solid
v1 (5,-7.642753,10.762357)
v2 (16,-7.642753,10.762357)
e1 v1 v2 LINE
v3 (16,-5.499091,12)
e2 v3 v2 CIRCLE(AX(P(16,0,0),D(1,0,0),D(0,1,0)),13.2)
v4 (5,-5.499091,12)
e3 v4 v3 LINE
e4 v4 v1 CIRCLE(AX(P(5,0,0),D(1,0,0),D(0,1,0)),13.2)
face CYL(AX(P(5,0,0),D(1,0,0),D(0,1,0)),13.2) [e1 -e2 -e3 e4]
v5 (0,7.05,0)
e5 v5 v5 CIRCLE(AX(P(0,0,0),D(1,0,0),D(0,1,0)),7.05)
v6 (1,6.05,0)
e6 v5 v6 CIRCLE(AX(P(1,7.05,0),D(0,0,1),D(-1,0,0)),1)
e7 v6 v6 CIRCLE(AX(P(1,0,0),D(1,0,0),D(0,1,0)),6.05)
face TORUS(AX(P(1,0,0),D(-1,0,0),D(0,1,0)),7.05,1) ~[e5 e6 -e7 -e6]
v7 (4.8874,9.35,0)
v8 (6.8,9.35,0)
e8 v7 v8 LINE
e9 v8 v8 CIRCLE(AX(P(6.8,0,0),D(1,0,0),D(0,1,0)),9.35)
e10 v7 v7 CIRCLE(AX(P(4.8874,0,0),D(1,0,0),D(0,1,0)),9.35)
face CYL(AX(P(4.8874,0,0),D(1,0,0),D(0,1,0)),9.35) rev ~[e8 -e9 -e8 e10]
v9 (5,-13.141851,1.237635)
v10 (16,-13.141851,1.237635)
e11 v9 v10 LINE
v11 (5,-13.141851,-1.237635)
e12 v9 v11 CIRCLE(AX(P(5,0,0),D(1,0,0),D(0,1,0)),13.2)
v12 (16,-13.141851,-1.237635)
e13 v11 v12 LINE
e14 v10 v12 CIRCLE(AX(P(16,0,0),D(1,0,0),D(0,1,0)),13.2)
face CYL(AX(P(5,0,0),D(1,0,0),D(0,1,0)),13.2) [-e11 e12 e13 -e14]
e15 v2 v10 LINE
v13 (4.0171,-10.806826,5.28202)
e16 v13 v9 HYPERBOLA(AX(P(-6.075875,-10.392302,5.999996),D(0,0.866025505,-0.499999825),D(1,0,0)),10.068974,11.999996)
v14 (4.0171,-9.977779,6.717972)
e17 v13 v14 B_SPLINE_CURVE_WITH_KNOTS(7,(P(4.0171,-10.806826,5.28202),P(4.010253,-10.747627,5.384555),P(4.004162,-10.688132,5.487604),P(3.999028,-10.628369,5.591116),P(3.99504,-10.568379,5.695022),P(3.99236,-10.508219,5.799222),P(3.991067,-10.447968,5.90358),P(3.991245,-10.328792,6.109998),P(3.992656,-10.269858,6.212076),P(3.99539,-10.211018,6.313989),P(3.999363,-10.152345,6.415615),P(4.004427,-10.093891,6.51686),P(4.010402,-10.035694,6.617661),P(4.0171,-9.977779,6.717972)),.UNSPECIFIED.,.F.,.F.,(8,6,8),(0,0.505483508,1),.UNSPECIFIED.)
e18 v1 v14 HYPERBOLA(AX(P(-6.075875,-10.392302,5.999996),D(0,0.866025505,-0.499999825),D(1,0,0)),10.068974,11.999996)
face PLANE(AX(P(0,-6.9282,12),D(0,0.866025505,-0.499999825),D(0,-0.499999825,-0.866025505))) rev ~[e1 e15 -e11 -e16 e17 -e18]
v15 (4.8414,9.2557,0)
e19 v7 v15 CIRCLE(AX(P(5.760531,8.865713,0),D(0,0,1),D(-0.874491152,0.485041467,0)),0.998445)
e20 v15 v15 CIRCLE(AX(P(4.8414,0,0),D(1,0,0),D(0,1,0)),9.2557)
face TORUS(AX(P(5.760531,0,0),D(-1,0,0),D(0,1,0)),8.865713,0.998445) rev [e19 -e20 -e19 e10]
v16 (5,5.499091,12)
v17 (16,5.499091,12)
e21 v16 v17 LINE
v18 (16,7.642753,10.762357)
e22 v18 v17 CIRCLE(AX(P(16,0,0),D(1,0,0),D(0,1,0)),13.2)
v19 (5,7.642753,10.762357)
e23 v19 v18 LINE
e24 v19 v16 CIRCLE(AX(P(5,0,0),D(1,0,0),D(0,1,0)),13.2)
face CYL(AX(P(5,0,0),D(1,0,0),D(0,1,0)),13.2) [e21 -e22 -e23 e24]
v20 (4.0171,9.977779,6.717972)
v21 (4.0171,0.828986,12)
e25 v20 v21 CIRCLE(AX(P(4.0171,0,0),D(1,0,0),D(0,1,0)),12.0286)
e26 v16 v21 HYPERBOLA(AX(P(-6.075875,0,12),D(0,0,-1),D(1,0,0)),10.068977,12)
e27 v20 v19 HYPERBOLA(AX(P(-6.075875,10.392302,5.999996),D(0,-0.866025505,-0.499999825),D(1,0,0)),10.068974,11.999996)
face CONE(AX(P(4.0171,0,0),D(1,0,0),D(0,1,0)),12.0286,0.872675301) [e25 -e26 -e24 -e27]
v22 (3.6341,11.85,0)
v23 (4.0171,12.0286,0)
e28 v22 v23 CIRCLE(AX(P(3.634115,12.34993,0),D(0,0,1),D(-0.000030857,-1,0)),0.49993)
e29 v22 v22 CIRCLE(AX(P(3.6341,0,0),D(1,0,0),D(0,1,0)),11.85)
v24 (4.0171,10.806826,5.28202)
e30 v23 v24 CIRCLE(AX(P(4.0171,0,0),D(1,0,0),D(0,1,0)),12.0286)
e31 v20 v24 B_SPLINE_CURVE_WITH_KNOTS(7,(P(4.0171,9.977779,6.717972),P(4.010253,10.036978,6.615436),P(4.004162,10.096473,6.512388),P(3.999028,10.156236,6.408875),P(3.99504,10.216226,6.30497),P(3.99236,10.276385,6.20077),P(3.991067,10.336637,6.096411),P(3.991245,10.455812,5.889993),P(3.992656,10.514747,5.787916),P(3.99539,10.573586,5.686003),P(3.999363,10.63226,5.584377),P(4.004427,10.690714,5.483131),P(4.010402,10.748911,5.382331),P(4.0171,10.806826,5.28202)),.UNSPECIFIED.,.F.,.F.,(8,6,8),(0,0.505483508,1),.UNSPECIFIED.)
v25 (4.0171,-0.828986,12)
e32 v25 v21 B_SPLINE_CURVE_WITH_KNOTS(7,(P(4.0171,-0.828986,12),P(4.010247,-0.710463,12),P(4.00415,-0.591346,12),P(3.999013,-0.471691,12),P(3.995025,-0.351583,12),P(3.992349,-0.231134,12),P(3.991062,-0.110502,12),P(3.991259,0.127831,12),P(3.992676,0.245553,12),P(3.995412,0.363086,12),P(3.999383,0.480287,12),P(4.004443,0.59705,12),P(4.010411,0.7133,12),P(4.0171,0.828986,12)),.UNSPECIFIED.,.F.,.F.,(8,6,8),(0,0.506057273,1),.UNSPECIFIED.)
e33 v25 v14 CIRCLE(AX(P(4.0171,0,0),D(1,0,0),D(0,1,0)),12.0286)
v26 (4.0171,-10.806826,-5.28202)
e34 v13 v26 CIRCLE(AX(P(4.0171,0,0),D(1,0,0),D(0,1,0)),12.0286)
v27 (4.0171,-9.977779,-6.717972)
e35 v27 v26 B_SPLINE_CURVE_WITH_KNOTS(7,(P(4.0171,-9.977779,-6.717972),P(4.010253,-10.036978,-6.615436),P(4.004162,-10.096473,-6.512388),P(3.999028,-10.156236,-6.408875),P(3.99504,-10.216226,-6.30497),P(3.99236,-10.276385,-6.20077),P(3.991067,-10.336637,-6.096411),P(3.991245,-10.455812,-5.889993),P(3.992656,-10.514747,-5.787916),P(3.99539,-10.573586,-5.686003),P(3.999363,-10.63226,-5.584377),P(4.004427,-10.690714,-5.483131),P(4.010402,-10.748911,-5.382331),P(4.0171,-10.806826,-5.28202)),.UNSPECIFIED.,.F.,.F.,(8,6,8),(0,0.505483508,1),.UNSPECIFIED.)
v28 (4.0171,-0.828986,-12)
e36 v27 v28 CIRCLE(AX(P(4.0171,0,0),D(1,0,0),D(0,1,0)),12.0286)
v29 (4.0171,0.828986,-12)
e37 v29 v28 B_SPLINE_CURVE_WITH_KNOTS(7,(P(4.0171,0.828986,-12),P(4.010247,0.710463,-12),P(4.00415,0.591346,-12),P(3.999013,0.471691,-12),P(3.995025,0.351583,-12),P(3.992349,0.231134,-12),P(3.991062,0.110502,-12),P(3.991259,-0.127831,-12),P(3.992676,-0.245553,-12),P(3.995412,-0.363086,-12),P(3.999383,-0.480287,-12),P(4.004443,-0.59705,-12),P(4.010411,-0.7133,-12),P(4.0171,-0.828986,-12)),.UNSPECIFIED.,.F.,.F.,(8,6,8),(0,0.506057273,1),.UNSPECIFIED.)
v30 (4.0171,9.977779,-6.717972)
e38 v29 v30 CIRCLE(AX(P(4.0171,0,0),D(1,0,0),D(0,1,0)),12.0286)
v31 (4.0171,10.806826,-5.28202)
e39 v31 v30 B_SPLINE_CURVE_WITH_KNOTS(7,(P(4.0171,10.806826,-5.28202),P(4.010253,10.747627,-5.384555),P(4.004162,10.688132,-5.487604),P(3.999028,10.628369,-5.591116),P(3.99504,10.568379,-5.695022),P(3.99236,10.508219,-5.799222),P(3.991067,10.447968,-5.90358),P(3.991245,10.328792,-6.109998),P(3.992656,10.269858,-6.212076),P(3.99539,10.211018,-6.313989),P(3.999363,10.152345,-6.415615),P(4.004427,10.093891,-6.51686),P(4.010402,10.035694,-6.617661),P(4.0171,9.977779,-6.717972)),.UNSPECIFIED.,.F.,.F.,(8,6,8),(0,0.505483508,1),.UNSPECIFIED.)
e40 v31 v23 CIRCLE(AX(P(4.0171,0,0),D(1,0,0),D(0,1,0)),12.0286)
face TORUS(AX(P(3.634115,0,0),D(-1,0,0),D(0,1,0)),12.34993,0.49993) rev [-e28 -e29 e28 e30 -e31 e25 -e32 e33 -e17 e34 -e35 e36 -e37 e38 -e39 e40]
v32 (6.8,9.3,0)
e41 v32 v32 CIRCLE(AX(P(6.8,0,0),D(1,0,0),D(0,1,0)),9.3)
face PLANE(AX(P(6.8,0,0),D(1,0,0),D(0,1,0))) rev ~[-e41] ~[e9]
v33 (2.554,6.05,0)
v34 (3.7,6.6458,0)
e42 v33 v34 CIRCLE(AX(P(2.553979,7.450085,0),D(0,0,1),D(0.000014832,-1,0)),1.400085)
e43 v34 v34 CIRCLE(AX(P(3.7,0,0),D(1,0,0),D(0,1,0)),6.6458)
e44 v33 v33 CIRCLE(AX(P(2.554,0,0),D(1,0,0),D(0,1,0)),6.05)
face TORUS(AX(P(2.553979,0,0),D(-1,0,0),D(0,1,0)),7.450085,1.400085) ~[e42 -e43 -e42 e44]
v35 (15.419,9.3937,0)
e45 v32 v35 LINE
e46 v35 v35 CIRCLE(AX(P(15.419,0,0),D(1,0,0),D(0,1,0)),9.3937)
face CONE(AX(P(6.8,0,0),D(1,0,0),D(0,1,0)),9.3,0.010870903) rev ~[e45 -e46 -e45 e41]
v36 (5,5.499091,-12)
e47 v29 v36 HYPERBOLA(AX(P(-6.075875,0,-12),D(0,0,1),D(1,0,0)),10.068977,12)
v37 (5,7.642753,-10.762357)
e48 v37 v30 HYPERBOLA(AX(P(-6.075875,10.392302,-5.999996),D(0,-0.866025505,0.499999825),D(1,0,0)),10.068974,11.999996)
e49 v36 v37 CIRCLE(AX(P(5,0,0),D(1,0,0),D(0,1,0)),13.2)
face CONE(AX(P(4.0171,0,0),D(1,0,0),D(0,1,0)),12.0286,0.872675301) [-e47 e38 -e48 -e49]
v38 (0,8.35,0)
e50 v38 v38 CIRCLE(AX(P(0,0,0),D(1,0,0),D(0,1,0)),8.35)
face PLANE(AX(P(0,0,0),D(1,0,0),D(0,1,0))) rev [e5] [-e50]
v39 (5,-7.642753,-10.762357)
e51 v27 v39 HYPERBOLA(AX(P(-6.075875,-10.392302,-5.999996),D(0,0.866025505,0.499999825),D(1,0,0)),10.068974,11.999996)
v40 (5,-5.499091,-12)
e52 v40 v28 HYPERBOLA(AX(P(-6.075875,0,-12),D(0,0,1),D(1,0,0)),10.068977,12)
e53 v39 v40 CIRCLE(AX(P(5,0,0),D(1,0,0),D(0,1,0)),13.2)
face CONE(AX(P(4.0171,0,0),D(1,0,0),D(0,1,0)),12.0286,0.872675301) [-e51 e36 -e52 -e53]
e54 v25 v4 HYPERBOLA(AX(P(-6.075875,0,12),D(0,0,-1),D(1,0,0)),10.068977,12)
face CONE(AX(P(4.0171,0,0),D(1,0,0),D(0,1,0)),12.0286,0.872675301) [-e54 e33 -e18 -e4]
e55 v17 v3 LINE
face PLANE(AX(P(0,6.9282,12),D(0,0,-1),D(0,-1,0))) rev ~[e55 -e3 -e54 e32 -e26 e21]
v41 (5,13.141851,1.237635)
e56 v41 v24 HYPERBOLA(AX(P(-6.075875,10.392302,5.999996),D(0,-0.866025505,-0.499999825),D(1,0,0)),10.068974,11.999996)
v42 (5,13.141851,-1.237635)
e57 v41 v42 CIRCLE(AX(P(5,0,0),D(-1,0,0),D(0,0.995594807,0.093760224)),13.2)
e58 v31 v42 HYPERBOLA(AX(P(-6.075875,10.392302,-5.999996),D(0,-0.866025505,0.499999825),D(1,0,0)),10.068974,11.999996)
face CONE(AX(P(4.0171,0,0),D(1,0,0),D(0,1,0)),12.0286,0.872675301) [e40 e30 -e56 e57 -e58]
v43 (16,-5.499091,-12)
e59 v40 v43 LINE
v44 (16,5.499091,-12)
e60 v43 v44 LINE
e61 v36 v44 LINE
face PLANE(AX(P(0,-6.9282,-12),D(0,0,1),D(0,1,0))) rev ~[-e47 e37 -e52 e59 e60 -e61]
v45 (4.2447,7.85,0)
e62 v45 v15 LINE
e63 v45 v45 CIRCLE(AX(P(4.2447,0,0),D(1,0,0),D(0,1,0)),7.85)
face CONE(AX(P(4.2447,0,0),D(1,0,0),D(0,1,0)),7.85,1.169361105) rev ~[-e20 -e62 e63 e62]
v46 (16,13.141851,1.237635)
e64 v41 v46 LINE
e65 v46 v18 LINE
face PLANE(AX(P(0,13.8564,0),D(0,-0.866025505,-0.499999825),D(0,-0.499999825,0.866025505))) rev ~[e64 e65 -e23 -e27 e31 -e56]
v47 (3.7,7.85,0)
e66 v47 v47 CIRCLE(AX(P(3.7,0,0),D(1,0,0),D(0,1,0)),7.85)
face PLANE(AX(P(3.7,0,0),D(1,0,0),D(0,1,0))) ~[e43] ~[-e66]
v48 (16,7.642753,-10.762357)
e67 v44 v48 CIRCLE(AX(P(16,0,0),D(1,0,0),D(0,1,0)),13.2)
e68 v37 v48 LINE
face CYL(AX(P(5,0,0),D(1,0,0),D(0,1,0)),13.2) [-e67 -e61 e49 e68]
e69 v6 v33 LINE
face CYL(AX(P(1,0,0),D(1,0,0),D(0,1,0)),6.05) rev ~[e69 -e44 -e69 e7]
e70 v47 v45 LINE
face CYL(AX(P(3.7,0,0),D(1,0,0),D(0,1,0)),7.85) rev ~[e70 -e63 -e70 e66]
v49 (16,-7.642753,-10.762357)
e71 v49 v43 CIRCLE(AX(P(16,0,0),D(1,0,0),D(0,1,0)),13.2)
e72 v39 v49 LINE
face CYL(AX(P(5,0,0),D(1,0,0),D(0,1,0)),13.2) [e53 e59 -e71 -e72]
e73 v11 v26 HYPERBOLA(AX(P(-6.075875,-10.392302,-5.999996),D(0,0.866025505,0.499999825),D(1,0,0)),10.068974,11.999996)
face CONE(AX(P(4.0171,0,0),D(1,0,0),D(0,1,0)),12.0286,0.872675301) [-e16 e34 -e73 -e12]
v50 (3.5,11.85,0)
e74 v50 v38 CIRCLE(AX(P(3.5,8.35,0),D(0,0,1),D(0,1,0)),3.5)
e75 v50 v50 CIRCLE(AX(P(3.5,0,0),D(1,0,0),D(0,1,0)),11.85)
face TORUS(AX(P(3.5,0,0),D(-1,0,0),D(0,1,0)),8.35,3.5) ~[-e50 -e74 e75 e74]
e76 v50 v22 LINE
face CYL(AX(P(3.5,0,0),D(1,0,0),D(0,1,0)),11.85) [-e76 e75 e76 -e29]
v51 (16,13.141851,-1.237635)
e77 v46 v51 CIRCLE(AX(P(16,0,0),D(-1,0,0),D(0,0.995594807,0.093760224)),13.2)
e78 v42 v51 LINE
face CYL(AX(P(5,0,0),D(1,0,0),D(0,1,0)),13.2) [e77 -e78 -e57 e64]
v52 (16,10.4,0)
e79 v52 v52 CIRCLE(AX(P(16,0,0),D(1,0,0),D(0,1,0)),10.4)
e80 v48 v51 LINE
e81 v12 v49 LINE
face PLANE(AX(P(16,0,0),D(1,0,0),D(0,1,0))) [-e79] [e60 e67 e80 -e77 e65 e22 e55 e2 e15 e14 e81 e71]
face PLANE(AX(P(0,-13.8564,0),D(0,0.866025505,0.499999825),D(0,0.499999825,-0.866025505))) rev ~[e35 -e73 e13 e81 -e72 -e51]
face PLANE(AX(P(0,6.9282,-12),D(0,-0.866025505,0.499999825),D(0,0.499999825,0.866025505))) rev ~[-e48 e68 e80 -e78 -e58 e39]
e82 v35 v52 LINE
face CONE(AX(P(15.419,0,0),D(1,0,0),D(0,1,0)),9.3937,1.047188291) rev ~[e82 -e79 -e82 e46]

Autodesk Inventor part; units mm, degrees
sketch "Sketch_1" plane through (0, 0, 0) normal (0, 0, 1) x (1, 0, 0)
  line L0 (16, 0) -> (0, 0)
  line L1 (0, 0) -> (0, 8.35)
  arc A0 (3.5, 11.85) -> (0, 8.35) centre (3.5, 8.35) ccw
  line L2 (3.5, 11.85) -> (3.6341, 11.85)
  arc A1 (3.6341, 11.85) -> (4.0171, 12.0286) centre (3.6341, 12.35) ccw
  line L3 (4.0171, 12.0286) -> (5, 13.2)
  line L4 (5, 13.2) -> (16, 13.2)
  line L5 (16, 13.2) -> (16, 0)
  line L6 (16, 0) -> (0, 0)
revolve "Revolution1" add sketch "Sketch_1" angle 360 about axis through (16, 0, 0) along (1, 0, 0)
sketch "Sketch_2" plane through (0, 0, 0) normal (1, 0, 0) x (0, 1, 0)
  line L0 (-24, 24) -> (-24, -24)
  line L1 (-24, -24) -> (24, -24)
  line L2 (24, -24) -> (24, 24)
  line L3 (24, 24) -> (-24, 24)
  line L4 (-6.9282, 12) -> (-13.8564, 0)
  line L5 (-13.8564, 0) -> (-6.9282, -12)
  line L6 (-6.9282, -12) -> (6.9282, -12)
  line L7 (6.9282, -12) -> (13.8564, 0)
  line L8 (13.8564, 0) -> (6.9282, 12)
  line L9 (6.9282, 12) -> (-6.9282, 12)
extrude "Extrusion1" cut sketch "Sketch_2" along normal blind 16
sketch "Sketch_3" plane through (0, 0, 0) normal (0, 0, 1) x (1, 0, 0)
  line L0 (16, 0) -> (-0.2, 0)
  line L1 (-0.2, 0) -> (-0.2, 7.05)
  line L2 (-0.2, 7.05) -> (0, 7.05)
  arc A0 (0, 7.05) -> (1, 6.05) centre (1, 7.05) ccw
  line L3 (1, 6.05) -> (2.554, 6.05)
  arc A1 (2.554, 6.05) -> (3.7, 6.6458) centre (2.554, 7.45) ccw
  line L4 (3.7, 6.6458) -> (3.7, 7.85)
  line L5 (3.7, 7.85) -> (4.2447, 7.85)
  line L6 (4.2447, 7.85) -> (4.8414, 9.2557)
  arc A2 (4.8874, 9.35) -> (4.8414, 9.2557) centre (5.7619, 8.865) ccw
  line L7 (4.8874, 9.35) -> (6.8, 9.35)
  line L8 (6.8, 9.35) -> (6.8, 9.3)
  line L9 (6.8, 9.3) -> (15.419, 9.3937)
  line L10 (15.419, 9.3937) -> (16, 10.4)
  line L11 (16, 10.4) -> (16, 0)
  line L12 (16, 0) -> (-0.2, 0)
revolve "Revolution2" cut sketch "Sketch_3" angle 360 about axis through (16, 0, 0) along (1, 0, 0)
ref_plane "IP1_XY" through (0, 0, 0) normal (1, 0, 0) x (0, 0, -1)
ref_plane "IP1_YZ" through (0, 0, 0) normal (0, 0, -1) x (0, 1, 0)
ref_plane "IP1_ZX" through (0, 0, 0) normal (0, 1, 0) x (1, 0, 0)
properties part number "HSK-K 1.209.1201.70-Nut"
